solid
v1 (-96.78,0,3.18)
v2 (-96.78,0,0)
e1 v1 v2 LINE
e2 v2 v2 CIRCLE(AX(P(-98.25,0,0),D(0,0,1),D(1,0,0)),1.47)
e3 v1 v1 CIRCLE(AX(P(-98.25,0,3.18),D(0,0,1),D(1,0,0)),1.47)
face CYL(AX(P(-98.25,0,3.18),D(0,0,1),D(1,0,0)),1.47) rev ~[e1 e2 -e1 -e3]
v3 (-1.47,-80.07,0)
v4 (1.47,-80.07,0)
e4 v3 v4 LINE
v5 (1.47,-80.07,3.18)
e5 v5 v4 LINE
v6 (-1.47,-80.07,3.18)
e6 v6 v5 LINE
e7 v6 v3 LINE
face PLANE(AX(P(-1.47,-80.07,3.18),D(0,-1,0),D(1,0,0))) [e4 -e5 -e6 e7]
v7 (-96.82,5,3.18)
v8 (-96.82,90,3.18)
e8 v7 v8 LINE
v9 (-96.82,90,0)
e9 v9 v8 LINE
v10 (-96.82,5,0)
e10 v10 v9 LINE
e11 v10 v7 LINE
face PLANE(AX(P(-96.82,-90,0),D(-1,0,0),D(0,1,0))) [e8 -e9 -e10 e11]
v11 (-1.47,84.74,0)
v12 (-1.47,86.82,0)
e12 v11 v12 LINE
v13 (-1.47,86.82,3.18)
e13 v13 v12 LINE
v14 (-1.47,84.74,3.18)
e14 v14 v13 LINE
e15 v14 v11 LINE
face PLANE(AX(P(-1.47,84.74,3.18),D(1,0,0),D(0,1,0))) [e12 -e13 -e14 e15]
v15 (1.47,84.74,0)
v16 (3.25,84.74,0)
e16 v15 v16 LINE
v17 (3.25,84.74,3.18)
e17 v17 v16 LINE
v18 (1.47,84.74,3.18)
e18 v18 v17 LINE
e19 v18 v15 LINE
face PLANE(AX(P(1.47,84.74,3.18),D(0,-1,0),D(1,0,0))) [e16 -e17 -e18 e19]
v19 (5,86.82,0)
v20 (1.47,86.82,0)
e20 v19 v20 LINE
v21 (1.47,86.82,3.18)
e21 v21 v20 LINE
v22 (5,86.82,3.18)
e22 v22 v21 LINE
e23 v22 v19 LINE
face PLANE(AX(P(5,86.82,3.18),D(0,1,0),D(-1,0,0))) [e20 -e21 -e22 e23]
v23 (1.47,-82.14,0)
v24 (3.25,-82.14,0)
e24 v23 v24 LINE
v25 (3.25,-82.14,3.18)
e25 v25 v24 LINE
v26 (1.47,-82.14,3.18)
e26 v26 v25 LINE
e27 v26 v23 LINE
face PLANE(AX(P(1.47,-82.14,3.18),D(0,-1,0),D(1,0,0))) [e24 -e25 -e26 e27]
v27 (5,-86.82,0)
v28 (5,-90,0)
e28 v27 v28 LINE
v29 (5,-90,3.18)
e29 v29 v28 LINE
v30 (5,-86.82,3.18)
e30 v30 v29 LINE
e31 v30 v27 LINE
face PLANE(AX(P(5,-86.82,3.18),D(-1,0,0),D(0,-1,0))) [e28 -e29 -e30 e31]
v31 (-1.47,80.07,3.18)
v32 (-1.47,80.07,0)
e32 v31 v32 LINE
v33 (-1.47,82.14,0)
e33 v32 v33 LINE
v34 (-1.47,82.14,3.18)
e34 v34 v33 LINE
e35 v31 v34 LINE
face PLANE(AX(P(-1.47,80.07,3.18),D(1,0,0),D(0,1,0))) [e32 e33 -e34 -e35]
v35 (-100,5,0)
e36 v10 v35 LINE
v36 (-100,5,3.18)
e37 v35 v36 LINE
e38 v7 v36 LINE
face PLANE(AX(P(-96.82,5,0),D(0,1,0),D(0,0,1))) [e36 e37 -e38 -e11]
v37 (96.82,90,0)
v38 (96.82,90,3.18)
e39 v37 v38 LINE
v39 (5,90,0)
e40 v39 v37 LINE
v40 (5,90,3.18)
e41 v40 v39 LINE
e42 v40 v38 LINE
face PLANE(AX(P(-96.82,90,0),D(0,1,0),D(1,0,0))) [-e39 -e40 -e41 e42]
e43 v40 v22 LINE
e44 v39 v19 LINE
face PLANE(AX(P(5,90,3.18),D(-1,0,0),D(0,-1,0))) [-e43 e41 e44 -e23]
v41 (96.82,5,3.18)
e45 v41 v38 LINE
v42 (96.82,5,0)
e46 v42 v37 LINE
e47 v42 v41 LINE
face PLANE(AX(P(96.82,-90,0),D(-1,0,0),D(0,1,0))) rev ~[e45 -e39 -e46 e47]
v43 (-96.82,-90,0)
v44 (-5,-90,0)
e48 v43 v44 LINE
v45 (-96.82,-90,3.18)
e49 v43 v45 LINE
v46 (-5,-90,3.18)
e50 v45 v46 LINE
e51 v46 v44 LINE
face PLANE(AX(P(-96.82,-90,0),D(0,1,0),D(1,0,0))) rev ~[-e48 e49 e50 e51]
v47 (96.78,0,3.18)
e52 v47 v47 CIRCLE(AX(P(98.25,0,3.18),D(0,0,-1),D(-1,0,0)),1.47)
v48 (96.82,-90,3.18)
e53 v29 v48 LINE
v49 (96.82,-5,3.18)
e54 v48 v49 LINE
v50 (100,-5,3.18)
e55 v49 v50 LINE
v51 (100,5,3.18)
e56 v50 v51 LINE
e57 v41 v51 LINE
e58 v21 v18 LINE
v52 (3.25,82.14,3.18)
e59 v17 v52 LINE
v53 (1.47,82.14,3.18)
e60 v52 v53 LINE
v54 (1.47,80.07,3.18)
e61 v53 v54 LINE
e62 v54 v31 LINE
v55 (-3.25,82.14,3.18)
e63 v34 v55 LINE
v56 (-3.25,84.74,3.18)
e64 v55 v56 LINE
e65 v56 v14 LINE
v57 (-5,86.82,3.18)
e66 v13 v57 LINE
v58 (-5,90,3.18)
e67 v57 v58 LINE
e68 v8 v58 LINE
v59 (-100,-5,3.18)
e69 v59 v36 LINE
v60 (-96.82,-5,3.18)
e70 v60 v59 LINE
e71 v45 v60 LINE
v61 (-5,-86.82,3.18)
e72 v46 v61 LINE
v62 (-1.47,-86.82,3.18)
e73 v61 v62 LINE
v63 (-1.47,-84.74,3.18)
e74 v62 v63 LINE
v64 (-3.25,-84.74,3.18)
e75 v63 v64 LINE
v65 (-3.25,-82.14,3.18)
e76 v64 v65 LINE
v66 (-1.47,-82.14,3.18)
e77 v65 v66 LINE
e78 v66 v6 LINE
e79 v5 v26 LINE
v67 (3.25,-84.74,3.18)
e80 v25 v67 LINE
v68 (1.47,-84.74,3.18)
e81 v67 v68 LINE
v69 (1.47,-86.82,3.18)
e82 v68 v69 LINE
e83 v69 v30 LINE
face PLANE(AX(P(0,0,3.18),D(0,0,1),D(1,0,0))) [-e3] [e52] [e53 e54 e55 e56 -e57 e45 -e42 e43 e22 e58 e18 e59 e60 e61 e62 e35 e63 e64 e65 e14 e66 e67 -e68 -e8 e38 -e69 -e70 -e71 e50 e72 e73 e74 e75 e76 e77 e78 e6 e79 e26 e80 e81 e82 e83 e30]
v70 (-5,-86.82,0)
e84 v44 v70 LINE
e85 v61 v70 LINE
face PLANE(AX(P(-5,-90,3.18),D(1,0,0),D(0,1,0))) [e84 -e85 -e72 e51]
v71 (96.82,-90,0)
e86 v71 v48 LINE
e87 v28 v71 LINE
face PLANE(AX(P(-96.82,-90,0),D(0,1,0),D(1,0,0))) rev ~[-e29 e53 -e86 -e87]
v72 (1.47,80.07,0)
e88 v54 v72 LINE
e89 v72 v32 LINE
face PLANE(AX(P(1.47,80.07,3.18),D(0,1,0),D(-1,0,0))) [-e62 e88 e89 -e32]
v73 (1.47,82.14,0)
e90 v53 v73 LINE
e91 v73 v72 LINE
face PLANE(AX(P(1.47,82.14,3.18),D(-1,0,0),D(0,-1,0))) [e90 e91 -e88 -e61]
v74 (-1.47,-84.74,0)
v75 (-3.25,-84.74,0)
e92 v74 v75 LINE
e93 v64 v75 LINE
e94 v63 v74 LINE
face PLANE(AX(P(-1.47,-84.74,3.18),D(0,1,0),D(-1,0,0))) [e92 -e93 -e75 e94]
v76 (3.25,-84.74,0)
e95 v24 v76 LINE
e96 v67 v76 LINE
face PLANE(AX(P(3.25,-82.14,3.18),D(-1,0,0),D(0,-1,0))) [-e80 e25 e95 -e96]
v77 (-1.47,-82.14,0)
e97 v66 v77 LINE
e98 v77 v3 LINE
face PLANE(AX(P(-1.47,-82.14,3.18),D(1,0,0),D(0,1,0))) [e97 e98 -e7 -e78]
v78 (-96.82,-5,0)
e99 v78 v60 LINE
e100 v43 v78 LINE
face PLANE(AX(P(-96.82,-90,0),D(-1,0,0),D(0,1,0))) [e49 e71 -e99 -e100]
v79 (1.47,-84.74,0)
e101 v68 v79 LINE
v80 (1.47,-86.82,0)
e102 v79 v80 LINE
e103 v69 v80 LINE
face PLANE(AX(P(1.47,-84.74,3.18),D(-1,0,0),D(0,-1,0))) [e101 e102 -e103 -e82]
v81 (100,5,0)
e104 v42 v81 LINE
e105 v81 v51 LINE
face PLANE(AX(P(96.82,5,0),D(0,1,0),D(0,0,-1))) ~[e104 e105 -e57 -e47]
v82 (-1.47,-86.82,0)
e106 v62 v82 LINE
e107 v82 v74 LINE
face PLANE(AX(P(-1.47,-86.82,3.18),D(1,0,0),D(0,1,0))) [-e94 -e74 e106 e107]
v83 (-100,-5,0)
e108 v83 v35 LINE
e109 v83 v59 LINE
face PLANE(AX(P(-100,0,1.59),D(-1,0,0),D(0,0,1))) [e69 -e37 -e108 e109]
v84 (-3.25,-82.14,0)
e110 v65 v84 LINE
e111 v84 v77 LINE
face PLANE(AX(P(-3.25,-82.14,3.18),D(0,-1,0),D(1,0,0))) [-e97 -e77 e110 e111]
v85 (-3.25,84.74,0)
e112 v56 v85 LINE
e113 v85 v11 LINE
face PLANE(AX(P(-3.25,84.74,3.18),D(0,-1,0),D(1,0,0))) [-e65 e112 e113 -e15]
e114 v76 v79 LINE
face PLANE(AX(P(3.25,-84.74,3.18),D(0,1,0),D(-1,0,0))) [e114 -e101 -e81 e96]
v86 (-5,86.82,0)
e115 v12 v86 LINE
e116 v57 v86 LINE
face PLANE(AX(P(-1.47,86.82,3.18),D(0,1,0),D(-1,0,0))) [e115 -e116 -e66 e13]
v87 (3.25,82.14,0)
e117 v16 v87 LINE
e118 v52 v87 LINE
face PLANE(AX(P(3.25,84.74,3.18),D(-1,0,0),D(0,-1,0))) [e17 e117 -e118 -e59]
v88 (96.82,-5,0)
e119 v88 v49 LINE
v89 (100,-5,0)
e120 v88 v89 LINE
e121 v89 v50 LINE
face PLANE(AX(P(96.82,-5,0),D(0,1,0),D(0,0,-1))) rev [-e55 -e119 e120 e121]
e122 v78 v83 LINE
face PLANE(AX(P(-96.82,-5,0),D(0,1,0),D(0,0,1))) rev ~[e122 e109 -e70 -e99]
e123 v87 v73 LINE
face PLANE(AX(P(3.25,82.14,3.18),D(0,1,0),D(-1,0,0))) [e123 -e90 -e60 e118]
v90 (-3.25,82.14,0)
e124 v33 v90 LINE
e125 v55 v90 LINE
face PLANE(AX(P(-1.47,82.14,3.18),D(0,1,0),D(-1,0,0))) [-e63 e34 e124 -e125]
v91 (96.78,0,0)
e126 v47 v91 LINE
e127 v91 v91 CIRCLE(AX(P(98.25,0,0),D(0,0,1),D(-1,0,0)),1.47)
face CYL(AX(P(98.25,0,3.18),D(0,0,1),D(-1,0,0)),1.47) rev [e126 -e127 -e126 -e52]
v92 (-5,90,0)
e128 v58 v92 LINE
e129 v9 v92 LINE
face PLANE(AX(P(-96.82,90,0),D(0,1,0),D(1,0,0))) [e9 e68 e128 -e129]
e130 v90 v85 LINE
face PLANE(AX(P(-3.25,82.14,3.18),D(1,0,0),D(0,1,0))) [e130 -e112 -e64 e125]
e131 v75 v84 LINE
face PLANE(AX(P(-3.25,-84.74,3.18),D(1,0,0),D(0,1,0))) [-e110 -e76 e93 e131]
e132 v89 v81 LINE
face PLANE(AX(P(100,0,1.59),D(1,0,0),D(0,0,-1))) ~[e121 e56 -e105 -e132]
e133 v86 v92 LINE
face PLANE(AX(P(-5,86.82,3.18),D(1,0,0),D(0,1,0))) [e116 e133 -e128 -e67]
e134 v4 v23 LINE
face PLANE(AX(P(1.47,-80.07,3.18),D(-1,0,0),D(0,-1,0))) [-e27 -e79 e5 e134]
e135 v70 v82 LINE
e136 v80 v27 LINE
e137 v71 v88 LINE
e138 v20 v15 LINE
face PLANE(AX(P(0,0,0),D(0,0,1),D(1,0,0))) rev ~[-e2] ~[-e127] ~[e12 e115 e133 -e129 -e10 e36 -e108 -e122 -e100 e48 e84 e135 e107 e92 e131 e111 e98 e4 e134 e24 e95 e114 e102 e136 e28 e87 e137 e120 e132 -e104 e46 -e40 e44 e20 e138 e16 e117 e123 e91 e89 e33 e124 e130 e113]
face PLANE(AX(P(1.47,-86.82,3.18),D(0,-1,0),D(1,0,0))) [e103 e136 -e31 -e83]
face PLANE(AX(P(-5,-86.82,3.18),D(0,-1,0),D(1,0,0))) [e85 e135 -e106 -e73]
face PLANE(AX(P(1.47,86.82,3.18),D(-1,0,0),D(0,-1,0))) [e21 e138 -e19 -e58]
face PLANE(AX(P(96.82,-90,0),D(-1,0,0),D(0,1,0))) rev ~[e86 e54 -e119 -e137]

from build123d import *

# Parameters (mm, degrees)
SKETCH2_W           = 193.64
SKETCH2_H           = 180
BOSS_EXTRUDE1_DEPTH = 3.18
CUT_EXTRUDE1_DEPTH  = 133.227927459
SKETCH4_W           = 3.18
SKETCH4_H           = 10
BOSS_EXTRUDE2_DEPTH = 3.18
SKETCH6_R           = 1.47
CUT_EXTRUDE2_DEPTH  = 135.573817662


with BuildPart() as part:
    # Sketch2 → Boss-Extrude1 (new body)
    with BuildSketch(Plane.XY):
        Rectangle(SKETCH2_W, SKETCH2_H)
    extrude(amount=BOSS_EXTRUDE1_DEPTH)

    # Sketch3 → Cut-Extrude1 (cut, through all)
    with BuildSketch(Plane.XY.offset(3.18)):
        Polygon((-5, 90), (5, 90), (5, 86.82), (1.47, 86.82), (1.47, 84.74), (3.25, 84.74), (3.25, 82.14), (1.47, 82.14), (1.47, 80.07), (-1.47, 80.07), (-1.47, 82.14), (-3.25, 82.14), (-3.25, 84.74), (-1.47, 84.74), (-1.47, 86.82), (-5, 86.82), align=None)
        Polygon((1.47, -86.82), (5, -86.82), (5, -90), (-5, -90), (-5, -86.82), (-1.47, -86.82), (-1.47, -84.74), (-3.25, -84.74), (-3.25, -82.14), (-1.47, -82.14), (-1.47, -80.07), (1.47, -80.07), (1.47, -82.14), (3.25, -82.14), (3.25, -84.74), (1.47, -84.74), align=None)
    extrude(amount=-CUT_EXTRUDE1_DEPTH, mode=Mode.SUBTRACT)

    # Sketch4 → Boss-Extrude2 (add)
    with BuildSketch(Plane.ZY.offset(96.82)):
        with Locations((1.59, 0)):
            Rectangle(SKETCH4_W, SKETCH4_H)
    boss_extrude2 = extrude(amount=BOSS_EXTRUDE2_DEPTH)

    # Sketch6 → Cut-Extrude2 (cut, through all)
    with BuildSketch(Plane.XY.offset(3.18)):
        with Locations((-98.25, 0)):
            Circle(SKETCH6_R)
    cut_extrude2 = extrude(amount=-CUT_EXTRUDE2_DEPTH, mode=Mode.SUBTRACT)

    # Mirror1: Boss-Extrude2 across plane
    add(boss_extrude2.mirror(Plane(origin=(0, 0, 0), x_dir=(0, 0, 1), z_dir=(1, 0, 0))))

    # Mirror2: Cut-Extrude2 across plane
    add(cut_extrude2.mirror(Plane(origin=(0, 0, 0), x_dir=(0, 0, 1), z_dir=(1, 0, 0))), mode=Mode.SUBTRACT)


solid = part.part
